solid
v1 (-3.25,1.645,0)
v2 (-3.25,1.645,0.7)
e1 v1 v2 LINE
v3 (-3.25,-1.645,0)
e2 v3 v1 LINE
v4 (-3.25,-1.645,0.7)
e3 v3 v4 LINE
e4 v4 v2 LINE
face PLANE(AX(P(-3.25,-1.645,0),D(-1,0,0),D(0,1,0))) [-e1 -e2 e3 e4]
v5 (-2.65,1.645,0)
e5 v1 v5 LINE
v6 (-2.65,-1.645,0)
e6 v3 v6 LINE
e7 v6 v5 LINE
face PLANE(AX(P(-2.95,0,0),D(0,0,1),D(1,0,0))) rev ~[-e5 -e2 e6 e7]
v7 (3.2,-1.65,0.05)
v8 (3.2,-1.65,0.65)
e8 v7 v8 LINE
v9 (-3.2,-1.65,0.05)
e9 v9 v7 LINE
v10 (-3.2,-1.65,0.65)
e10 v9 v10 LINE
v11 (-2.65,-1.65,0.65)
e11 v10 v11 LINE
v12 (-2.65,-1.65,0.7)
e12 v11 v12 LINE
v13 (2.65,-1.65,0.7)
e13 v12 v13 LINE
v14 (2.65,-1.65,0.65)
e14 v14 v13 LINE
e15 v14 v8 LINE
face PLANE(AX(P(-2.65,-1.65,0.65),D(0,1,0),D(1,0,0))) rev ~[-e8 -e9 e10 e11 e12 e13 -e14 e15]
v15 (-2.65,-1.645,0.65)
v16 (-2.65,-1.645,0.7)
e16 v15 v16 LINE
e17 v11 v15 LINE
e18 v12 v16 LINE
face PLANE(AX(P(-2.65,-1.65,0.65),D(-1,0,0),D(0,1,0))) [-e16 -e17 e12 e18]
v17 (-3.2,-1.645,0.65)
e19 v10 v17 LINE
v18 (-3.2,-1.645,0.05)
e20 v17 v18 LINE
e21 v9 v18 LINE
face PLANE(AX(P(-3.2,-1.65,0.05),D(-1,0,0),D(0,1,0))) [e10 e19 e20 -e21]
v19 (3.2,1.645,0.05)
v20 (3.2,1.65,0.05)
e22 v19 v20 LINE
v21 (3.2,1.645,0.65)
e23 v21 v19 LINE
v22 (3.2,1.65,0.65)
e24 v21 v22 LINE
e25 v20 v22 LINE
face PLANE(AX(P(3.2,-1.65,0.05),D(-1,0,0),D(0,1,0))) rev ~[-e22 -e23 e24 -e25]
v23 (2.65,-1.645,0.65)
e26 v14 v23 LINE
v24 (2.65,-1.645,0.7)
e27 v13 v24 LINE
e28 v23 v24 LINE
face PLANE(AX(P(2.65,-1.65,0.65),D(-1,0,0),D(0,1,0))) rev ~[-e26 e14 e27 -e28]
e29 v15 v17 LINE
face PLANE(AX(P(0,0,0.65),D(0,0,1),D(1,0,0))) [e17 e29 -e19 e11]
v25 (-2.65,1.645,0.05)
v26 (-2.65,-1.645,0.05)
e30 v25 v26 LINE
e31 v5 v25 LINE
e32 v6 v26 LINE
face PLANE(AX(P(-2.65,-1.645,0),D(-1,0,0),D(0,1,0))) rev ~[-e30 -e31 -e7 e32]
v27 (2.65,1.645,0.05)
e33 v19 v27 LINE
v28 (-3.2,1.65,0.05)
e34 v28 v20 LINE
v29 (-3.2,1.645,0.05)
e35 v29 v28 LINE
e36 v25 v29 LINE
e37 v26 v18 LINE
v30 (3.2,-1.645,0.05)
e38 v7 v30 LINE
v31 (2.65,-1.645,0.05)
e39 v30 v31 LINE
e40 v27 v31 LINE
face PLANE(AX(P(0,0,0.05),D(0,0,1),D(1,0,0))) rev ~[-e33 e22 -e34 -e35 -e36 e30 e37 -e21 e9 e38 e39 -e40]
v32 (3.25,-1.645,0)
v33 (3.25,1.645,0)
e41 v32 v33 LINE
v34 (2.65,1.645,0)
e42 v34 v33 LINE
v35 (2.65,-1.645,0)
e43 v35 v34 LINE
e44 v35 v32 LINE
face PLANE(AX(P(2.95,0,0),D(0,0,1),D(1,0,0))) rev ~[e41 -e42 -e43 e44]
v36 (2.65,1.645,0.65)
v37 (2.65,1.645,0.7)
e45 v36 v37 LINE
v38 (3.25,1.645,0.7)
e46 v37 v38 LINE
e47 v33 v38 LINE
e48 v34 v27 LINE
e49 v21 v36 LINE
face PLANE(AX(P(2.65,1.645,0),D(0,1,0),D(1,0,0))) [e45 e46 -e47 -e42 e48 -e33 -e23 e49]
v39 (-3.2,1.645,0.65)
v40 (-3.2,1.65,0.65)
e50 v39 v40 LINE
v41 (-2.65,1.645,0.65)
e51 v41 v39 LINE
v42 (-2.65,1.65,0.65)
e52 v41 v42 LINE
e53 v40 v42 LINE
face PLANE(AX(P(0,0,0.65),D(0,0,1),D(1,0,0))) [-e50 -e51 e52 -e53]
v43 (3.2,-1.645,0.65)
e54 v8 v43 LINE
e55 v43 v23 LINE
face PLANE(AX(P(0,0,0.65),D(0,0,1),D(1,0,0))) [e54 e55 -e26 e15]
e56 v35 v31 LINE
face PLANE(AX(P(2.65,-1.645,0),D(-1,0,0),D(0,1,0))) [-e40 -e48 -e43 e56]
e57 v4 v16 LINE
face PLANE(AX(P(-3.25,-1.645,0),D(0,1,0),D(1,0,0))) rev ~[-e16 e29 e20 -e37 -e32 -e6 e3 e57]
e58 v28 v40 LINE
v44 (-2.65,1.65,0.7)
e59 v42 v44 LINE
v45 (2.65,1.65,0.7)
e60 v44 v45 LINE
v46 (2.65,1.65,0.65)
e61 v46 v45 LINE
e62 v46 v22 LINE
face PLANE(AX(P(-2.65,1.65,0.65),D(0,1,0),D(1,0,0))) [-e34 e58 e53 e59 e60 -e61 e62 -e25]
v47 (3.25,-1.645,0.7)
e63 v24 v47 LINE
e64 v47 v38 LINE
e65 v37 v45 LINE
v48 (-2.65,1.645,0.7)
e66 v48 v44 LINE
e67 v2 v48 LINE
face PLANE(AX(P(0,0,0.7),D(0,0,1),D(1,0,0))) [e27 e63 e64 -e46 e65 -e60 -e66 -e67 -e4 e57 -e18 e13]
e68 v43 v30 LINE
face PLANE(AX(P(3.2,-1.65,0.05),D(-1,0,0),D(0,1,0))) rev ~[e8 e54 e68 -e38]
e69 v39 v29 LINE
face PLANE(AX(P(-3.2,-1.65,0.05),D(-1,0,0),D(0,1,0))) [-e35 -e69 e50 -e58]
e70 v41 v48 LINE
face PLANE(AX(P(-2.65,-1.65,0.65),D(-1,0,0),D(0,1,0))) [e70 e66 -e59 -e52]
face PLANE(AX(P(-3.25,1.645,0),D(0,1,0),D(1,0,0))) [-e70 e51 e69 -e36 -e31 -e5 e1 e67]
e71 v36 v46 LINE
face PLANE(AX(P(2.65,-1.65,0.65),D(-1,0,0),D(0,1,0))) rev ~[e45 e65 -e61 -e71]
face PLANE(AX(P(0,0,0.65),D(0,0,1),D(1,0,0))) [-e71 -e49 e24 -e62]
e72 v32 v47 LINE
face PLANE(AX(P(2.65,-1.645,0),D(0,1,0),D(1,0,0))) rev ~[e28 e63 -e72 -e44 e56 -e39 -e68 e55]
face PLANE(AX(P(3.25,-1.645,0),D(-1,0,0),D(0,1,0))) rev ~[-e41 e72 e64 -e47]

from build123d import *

# Parameters (mm, degrees)
PLATING_LEFT_W      = 0.6
PLATING_LEFT_H      = 3.29
PLATING_LEFT_DEPTH  = 0.7
PLATING_RIGHT_W     = 0.6
PLATING_RIGHT_H     = 3.29
PLATING_RIGHT_DEPTH = 0.7
MARKING_W           = 5.3
MARKING_H           = 3.3
MARKING_DEPTH       = 0.05
CHIP_W              = 6.4
CHIP_H              = 3.3
CHIP_DEPTH          = 0.6


with BuildPart() as plating_left:
    # plating_left → plating_left (new body)
    with BuildSketch(Plane(origin=(-3.25, -1.645, 0), x_dir=(1, 0, 0), z_dir=(0, 0, 1))):
        with Locations((0.3, 1.645)):
            Rectangle(PLATING_LEFT_W, PLATING_LEFT_H)
    extrude(amount=PLATING_LEFT_DEPTH)


with BuildPart() as plating_right:
    # plating_right → plating_right (new body)
    with BuildSketch(Plane(origin=(2.65, -1.645, 0), x_dir=(1, 0, 0), z_dir=(0, 0, 1))):
        with Locations((0.3, 1.645)):
            Rectangle(PLATING_RIGHT_W, PLATING_RIGHT_H)
    extrude(amount=PLATING_RIGHT_DEPTH)


with BuildPart() as marking:
    # marking → marking (new body)
    with BuildSketch(Plane(origin=(-2.65, -1.65, 0.65), x_dir=(1, 0, 0), z_dir=(0, 0, 1))):
        with Locations((2.65, 1.65)):
            Rectangle(MARKING_W, MARKING_H)
    extrude(amount=MARKING_DEPTH)


with BuildPart() as resistor:
    # chip → chip (new body)
    with BuildSketch(Plane(origin=(-3.2, -1.65, 0.05), x_dir=(1, 0, 0), z_dir=(0, 0, 1))):
        with Locations((3.2, 1.65)):
            Rectangle(CHIP_W, CHIP_H)
    extrude(amount=CHIP_DEPTH)

    # resistor: union plating_left, plating_right, marking
    add(plating_left.part)
    add(plating_right.part)
    add(marking.part)


solid = resistor.part
